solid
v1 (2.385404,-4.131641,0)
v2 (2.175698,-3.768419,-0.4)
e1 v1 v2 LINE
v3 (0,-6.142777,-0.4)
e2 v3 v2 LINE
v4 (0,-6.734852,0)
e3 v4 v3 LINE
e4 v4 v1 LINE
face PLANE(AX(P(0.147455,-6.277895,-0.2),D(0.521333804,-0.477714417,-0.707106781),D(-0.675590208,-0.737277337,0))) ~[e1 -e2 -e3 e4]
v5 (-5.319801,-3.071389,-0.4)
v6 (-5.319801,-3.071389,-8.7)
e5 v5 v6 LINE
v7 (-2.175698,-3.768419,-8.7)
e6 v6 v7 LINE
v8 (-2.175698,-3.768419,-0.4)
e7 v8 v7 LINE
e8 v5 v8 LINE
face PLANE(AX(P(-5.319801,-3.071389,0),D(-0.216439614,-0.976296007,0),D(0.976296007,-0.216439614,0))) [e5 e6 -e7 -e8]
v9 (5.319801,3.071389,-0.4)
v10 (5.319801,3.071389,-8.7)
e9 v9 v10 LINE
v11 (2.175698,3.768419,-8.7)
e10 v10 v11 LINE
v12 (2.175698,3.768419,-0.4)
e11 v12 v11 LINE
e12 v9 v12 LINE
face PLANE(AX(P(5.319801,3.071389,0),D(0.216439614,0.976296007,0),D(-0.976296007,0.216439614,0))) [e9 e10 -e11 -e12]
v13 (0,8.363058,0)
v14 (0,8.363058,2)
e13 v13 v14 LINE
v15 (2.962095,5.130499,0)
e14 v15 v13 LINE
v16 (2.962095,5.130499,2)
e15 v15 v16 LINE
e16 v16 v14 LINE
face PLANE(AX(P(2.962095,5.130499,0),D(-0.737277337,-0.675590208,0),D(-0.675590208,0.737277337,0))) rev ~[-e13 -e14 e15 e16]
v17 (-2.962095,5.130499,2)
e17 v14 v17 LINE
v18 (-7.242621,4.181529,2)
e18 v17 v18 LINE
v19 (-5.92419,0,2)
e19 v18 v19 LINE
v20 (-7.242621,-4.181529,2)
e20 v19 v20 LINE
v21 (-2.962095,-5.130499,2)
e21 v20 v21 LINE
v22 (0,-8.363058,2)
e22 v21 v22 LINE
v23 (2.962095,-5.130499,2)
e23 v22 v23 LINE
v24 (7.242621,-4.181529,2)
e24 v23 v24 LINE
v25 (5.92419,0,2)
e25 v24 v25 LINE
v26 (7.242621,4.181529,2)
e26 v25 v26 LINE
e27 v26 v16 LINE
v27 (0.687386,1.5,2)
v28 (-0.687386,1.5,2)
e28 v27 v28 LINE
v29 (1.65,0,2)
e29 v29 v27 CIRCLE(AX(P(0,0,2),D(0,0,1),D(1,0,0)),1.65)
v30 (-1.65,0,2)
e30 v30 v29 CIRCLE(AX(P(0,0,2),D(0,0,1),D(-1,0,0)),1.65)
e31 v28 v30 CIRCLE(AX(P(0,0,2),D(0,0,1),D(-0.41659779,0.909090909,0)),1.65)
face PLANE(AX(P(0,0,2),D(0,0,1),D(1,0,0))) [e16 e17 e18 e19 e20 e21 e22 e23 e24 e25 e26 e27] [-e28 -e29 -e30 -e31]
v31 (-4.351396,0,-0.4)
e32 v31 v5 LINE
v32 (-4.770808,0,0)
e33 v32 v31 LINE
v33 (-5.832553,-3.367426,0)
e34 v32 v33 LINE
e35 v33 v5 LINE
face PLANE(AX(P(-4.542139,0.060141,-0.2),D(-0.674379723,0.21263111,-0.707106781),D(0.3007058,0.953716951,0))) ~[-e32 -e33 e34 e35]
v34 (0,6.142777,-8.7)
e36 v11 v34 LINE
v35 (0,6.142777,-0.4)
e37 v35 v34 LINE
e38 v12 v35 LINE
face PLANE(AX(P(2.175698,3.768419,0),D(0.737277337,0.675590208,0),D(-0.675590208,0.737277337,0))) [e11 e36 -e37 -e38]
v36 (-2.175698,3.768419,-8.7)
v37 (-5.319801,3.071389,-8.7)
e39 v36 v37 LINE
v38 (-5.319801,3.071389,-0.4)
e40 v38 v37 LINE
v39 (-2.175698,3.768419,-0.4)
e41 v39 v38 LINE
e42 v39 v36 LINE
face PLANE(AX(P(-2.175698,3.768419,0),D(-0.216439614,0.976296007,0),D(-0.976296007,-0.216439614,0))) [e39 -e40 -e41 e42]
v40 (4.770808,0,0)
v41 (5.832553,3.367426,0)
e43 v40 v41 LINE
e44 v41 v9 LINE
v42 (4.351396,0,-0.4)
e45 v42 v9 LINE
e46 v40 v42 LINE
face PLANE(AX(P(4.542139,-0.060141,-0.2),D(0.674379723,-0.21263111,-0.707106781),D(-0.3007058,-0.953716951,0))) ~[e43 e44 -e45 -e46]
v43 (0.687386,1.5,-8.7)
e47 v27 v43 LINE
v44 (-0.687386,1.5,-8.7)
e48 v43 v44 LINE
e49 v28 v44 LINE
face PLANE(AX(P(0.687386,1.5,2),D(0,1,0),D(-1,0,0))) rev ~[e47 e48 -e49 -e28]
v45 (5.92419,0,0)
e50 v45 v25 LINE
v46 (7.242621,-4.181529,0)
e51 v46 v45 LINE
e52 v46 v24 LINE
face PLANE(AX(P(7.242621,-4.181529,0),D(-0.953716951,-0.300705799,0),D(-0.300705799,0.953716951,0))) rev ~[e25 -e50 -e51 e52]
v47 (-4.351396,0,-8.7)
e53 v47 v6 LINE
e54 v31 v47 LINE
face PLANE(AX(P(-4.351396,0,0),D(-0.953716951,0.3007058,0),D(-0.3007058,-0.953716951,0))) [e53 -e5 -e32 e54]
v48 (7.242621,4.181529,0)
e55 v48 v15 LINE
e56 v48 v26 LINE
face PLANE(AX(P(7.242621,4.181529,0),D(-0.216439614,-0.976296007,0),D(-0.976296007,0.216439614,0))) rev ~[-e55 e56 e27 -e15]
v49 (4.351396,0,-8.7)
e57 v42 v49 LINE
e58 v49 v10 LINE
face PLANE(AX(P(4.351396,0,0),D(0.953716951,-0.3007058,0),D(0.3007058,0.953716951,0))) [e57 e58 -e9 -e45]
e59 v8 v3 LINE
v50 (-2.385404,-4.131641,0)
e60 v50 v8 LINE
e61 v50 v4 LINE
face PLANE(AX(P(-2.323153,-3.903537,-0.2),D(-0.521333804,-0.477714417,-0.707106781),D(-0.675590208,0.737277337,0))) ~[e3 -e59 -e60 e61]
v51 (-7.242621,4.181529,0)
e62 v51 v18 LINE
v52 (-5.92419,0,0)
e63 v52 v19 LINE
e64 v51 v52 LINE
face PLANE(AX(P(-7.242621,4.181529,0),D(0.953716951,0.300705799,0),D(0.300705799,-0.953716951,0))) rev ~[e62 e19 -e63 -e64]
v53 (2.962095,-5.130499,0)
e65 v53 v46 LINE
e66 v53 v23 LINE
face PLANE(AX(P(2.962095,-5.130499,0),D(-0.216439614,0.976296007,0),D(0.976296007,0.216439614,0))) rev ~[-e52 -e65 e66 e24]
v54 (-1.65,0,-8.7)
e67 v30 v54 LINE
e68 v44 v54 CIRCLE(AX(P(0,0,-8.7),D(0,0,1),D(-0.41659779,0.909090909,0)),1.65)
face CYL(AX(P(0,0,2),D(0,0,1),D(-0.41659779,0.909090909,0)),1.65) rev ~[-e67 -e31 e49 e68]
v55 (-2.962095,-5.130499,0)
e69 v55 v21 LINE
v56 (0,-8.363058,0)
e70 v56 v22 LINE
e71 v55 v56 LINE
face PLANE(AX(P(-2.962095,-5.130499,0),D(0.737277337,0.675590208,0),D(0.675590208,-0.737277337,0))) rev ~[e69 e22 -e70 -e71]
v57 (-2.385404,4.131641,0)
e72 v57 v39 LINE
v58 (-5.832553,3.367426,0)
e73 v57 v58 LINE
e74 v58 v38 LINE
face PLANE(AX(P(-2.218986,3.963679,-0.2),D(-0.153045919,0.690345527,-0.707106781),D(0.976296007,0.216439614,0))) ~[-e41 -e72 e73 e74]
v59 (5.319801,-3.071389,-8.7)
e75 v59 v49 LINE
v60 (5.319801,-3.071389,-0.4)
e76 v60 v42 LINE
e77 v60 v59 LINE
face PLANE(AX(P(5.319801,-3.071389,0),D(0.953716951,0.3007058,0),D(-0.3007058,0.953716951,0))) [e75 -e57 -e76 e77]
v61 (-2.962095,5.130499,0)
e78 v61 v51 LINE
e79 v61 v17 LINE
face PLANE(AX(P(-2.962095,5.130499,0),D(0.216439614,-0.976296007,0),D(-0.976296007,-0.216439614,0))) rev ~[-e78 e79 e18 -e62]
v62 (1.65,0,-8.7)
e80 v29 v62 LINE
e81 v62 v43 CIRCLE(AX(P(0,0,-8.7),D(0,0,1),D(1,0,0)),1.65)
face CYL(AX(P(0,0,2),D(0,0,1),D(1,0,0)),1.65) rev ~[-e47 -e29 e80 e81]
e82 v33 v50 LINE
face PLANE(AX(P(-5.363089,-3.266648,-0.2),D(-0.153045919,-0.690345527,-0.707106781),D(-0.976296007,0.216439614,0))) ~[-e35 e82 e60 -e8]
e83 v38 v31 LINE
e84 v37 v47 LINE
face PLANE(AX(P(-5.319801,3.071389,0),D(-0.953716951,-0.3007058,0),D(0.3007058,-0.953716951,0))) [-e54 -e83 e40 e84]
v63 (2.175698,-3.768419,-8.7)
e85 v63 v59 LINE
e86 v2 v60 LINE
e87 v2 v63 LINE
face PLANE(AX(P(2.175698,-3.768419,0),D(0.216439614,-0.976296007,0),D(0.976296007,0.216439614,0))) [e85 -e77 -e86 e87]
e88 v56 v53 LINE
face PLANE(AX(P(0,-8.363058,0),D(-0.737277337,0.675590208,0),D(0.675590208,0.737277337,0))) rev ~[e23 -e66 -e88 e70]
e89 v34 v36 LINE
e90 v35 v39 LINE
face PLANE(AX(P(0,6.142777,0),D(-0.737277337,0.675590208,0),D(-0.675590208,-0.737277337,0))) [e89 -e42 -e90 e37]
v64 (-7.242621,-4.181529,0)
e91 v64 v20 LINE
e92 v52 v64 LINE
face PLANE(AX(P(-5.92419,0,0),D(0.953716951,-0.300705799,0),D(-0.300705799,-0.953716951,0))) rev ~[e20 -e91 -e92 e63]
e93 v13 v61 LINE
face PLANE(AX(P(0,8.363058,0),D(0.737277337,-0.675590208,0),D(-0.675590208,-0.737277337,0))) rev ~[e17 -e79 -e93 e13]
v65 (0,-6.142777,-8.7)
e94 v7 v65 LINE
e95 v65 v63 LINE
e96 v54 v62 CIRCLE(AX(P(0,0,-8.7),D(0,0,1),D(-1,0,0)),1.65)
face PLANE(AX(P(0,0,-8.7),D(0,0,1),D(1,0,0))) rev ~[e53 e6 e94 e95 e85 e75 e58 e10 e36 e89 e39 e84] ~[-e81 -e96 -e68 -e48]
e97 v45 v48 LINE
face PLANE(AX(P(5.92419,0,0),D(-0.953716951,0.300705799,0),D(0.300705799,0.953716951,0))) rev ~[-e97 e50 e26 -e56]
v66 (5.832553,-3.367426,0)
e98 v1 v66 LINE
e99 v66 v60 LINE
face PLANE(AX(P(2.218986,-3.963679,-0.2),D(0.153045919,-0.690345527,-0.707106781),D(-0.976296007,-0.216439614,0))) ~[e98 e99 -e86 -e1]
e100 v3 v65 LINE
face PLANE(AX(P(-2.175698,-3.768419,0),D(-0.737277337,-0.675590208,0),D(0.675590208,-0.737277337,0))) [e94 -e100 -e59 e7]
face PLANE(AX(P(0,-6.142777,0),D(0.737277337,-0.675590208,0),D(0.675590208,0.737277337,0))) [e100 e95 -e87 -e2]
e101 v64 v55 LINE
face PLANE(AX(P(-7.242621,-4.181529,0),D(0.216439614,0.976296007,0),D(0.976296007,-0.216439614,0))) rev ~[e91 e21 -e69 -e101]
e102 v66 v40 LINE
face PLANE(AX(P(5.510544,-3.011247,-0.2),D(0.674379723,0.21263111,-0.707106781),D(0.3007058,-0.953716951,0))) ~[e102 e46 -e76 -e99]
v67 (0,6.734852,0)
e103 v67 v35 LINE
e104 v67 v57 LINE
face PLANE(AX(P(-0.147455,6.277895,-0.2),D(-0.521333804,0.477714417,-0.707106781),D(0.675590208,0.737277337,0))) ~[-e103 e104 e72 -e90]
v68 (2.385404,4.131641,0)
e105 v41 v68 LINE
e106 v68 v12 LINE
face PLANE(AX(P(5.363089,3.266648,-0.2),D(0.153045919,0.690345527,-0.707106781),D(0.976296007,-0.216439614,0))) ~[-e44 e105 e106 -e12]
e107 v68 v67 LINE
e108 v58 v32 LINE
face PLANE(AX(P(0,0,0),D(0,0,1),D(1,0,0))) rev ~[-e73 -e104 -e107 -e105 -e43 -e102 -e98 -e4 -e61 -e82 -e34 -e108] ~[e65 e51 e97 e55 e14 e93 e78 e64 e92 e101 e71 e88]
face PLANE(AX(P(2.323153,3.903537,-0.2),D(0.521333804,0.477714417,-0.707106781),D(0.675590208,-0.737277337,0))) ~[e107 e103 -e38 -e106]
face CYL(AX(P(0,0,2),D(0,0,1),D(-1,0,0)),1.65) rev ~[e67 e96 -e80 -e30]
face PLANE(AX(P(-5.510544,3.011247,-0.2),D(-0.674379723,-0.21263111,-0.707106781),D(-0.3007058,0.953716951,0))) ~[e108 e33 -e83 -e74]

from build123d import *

# Parameters (mm, degrees)
BOSS_EXTRUDE1_DEPTH = 8.7
BOSS_EXTRUDE2_DEPTH = 2
CUT_EXTRUDE2_DEPTH  = 16.391110731
CHAMFER1_SIZE       = 0.4


with BuildPart() as part:
    # Sketch1 → Boss-Extrude1 (new body)
    with BuildSketch(Plane.XY):
        Polygon((2.175697935, 3.768419365), (0, 6.142777017), (-2.175697935, 3.768419365), (-5.319800946, 3.071388508), (-4.351395869, 0), (-5.319800946, -3.071388508), (-2.175697935, -3.768419365), (0, -6.142777017), (2.175697935, -3.768419365), (5.319800946, -3.071388508), (4.351395869, 0), (5.319800946, 3.071388508), align=None)
    extrude(amount=-BOSS_EXTRUDE1_DEPTH)

    # Sketch2 → Boss-Extrude2 (add)
    with BuildSketch(Plane.XY):
        Polygon((7.242620565, 4.181528933), (2.962094779, 5.130498653), (0, 8.363057866), (-2.962094779, 5.130498653), (-7.242620565, 4.181528933), (-5.924189557, 0), (-7.242620565, -4.181528933), (-2.962094779, -5.130498653), (0, -8.363057866), (2.962094779, -5.130498653), (7.242620565, -4.181528933), (5.924189557, 0), align=None)
    extrude(amount=BOSS_EXTRUDE2_DEPTH)

    # Sketch3 → Cut-Extrude2 (cut, through all)
    with BuildSketch(Plane.XY.offset(2)):
        with BuildLine():
            ThreePointArc((1.65, 0), (1.388648171, 0.891154452), (0.687386354, 1.5))
            Line((0.687386354, 1.5), (-0.687386354, 1.5))
            ThreePointArc((-0.687386354, 1.5), (-1.388648171, 0.891154452), (-1.65, 0))
            ThreePointArc((-1.65, 0), (0, -1.65), (1.65, 0))
        make_face()
    extrude(amount=-CUT_EXTRUDE2_DEPTH, mode=Mode.SUBTRACT)

    # Chamfer1
    chamfer1_edges = [part.edges().sort_by_distance(p)[0] for p in [
        (3.74774944, -3.419903937, 0),
        (1.087848967, -4.955598191, 0),
        (-1.087848967, -4.955598191, 0),
        (-3.74774944, -3.419903937, 0),
        (-4.835598408, -1.535694254, 0),
        (-4.835598408, 1.535694254, 0),
        (-3.74774944, 3.419903937, 0),
        (4.835598408, -1.535694254, 0),
        (4.835598408, 1.535694254, 0),
        (3.74774944, 3.419903937, 0),
        (1.087848967, 4.955598191, 0),
        (-1.087848967, 4.955598191, 0),
    ]]
    chamfer(chamfer1_edges, length=CHAMFER1_SIZE)


solid = part.part
